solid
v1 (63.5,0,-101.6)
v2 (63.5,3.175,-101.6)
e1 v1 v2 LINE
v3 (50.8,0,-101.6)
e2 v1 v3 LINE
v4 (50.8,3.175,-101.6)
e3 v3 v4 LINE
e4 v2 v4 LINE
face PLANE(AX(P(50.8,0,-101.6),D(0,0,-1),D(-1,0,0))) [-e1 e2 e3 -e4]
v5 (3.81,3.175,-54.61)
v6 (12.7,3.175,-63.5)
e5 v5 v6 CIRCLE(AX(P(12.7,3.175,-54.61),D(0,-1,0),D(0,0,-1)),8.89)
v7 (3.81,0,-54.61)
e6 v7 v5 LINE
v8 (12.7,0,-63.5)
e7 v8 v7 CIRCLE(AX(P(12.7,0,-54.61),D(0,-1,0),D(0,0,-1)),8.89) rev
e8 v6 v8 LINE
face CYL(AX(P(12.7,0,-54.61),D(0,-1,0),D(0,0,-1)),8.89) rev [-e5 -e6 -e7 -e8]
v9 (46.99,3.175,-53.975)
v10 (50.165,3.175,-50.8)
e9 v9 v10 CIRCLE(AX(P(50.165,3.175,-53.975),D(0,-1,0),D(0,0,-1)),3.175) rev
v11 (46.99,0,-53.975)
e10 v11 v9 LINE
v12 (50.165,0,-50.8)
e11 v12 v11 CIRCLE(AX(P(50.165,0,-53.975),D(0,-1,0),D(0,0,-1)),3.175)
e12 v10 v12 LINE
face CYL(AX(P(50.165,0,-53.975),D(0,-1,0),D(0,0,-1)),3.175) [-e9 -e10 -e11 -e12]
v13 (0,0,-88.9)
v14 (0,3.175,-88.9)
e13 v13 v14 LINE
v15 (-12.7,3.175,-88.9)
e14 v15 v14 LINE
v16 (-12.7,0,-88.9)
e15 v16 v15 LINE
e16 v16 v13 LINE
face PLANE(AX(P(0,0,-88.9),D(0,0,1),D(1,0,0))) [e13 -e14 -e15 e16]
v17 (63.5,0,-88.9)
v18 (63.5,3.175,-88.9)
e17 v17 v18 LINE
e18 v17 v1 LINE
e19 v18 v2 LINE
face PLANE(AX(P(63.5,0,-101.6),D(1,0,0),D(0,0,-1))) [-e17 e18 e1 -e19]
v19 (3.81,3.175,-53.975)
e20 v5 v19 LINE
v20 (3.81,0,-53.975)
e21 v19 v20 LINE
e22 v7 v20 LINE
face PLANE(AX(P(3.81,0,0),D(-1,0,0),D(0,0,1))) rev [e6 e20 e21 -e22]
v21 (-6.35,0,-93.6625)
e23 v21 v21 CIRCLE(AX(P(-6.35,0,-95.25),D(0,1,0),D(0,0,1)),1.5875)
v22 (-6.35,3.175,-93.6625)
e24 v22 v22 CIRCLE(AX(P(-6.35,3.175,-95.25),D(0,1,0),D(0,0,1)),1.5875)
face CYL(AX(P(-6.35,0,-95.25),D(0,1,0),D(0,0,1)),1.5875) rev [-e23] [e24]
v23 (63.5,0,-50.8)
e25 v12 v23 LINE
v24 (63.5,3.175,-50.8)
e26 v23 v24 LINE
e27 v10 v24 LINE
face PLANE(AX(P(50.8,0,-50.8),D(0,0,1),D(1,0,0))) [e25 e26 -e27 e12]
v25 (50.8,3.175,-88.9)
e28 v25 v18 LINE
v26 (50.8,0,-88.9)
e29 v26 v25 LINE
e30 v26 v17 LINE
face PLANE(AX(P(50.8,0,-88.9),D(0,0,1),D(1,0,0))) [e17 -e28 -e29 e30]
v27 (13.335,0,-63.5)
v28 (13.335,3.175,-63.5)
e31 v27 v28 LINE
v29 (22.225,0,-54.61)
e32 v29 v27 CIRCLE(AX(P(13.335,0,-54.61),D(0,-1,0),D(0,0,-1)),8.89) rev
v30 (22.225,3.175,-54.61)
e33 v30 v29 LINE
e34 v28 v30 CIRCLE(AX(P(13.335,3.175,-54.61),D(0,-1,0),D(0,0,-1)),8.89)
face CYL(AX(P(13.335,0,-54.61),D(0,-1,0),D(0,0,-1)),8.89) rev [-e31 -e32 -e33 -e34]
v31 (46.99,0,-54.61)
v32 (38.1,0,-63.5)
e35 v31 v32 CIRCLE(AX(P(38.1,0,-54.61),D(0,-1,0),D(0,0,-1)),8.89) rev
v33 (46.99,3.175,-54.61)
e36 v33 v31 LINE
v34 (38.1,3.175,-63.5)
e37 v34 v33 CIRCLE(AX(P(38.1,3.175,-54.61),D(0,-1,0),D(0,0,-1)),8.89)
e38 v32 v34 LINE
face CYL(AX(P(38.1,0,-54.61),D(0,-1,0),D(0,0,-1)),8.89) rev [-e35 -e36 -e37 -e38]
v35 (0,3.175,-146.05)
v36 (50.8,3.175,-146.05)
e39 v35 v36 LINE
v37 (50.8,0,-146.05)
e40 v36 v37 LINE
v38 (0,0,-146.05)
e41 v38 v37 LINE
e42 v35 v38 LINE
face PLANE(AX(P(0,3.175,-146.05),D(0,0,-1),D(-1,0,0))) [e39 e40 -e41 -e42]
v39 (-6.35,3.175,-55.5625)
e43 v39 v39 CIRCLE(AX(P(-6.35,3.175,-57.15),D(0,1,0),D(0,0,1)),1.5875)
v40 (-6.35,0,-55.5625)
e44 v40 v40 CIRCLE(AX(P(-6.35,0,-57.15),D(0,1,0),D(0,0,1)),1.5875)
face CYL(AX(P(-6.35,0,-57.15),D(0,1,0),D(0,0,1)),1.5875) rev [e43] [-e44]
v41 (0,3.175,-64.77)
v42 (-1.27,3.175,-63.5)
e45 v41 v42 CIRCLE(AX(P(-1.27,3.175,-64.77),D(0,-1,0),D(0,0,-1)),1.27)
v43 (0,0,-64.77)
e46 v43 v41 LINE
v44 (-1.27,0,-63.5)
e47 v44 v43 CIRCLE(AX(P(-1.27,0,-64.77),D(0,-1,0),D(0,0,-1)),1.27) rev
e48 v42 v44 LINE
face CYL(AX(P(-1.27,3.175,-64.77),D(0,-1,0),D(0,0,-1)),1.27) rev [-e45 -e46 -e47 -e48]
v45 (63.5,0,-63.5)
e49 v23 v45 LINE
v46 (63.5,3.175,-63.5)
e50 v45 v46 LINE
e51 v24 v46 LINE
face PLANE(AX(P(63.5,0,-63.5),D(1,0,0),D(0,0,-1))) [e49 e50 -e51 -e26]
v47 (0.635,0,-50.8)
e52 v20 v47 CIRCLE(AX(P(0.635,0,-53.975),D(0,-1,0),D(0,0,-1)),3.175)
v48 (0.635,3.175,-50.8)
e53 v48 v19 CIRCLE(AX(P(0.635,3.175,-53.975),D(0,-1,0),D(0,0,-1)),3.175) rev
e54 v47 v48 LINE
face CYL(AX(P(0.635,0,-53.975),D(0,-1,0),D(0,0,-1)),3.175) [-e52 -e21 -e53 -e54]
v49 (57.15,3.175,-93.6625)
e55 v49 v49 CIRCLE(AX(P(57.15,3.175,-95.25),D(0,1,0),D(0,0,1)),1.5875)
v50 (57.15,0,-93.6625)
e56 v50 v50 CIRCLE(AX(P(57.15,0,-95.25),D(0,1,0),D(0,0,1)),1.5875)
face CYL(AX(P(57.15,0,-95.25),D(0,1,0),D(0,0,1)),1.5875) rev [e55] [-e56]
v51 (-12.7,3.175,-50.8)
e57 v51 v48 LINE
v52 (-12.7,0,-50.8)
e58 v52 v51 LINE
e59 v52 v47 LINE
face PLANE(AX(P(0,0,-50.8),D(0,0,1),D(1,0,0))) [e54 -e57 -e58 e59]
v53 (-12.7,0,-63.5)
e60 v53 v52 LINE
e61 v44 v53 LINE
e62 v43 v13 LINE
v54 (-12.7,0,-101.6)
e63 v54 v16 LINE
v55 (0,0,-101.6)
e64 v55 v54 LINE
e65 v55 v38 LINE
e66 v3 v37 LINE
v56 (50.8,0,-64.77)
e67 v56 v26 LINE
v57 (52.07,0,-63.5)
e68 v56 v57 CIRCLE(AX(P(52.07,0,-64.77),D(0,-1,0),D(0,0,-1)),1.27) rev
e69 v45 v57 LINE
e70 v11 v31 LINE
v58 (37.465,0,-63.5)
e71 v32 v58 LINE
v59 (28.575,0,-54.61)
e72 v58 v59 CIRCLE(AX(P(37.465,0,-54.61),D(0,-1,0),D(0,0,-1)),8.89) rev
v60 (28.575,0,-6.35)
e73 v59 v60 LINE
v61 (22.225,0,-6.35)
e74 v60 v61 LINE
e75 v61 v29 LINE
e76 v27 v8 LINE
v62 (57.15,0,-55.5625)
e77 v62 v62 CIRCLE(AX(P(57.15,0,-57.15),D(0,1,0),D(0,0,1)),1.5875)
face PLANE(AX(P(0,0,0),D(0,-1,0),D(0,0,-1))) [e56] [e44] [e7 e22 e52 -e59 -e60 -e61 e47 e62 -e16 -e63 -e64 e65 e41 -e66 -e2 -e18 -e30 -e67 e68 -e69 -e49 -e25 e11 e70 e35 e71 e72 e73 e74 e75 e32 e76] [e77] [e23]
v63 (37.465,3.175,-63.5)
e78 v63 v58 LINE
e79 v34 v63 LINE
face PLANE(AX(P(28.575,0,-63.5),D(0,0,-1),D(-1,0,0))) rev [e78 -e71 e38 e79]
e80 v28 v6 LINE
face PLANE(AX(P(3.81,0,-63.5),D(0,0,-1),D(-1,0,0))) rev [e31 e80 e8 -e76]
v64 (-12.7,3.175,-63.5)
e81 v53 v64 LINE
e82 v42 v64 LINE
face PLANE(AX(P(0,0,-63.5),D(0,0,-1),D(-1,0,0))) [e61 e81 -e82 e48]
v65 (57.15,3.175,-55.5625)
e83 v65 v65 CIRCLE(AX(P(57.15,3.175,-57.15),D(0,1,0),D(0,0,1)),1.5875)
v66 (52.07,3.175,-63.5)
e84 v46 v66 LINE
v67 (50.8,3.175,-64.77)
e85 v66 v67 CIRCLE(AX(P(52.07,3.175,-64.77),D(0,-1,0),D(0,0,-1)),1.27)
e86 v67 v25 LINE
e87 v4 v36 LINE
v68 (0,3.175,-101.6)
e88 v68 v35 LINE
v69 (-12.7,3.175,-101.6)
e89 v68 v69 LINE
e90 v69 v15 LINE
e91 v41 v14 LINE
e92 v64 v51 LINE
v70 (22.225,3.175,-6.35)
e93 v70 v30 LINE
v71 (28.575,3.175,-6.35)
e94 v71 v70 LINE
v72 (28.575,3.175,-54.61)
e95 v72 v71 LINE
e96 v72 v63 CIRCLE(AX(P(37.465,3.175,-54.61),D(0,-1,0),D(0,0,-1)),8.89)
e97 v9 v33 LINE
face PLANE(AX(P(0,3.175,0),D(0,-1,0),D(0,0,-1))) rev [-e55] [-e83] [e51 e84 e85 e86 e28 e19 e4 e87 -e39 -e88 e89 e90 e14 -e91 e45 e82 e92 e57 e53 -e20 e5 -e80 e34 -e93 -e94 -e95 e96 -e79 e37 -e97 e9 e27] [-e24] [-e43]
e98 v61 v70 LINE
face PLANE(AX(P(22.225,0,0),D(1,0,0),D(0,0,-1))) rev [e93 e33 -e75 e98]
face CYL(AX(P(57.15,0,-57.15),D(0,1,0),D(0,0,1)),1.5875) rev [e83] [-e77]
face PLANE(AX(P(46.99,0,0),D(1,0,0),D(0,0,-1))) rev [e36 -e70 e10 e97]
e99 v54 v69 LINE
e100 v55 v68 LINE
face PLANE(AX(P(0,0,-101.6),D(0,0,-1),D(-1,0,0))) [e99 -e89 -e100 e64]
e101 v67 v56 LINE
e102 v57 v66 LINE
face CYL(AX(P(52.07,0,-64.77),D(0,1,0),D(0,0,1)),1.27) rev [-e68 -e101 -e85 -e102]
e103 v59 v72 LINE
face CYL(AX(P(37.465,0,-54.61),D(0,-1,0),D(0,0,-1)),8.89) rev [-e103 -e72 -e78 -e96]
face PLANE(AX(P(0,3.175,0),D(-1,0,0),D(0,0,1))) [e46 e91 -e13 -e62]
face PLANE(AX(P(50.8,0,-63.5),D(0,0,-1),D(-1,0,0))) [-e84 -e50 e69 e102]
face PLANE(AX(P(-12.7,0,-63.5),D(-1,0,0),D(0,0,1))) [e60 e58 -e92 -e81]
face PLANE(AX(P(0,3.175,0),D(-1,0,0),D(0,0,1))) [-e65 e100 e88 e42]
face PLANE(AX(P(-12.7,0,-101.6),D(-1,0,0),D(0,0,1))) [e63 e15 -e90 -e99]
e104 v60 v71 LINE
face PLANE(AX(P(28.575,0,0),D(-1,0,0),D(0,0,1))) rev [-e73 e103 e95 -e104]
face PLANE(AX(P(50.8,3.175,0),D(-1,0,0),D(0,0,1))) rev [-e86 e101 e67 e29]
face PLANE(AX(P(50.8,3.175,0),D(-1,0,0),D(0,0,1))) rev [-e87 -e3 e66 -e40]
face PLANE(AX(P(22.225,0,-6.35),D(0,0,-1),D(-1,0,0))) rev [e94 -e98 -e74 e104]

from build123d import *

# Parameters (mm, degrees)
SKETCH1_W           = 50.8
SKETCH1_H           = 76.2
BOSS_EXTRUDE1_DEPTH = 3.175
SKETCH2_W           = 18.415
SKETCH2_H           = 63.5
CUT_EXTRUDE1_DEPTH  = 3.175
SKETCH3_W           = 12.7
SKETCH3_H           = 12.7
SKETCH3_R           = 1.5875
BOSS_EXTRUDE2_DEPTH = 3.175
SKETCH7_W           = 50.8
SKETCH7_H           = 12.7
BOSS_EXTRUDE3_DEPTH = 3.175
SKETCH8_W           = 50.8
SKETCH8_H           = 57.15
BOSS_EXTRUDE4_DEPTH = 3.175
LPATTERN1_COUNT     = 2
LPATTERN1_PITCH     = 38.1
FILLET1_R           = 8.89
SKETCH9_W           = 6.35
SKETCH9_H           = 6.35
CUT_EXTRUDE2_DEPTH  = 3.175
SKETCH10_W          = 3.81
SKETCH10_H          = 50.8
CUT_EXTRUDE3_DEPTH  = 3.175
FILLET2_R           = 3.175
FILLET3_R           = 1.27


with BuildPart() as part:
    # Sketch1 → Boss-Extrude1 (new body)
    with BuildSketch(Plane(origin=(0, 0, 0), x_dir=(1, 0, 0), z_dir=(0, 1, 0))):
        with Locations((25.4, 38.1)):
            Rectangle(SKETCH1_W, SKETCH1_H)
    extrude(amount=BOSS_EXTRUDE1_DEPTH)

    # Sketch2 → Cut-Extrude1 (cut)
    with BuildSketch(Plane(origin=(0, 3.175, 0), x_dir=(1, 0, 0), z_dir=(0, 1, 0))):
        with Locations((13.0175, 31.75)):
            Rectangle(SKETCH2_W, SKETCH2_H)
        with Locations((37.7825, 31.75)):
            Rectangle(SKETCH2_W, SKETCH2_H)
    extrude(amount=-CUT_EXTRUDE1_DEPTH, mode=Mode.SUBTRACT)

    # Sketch3 → Boss-Extrude2 (add)
    with BuildSketch(Plane(origin=(0, 3.175, 0), x_dir=(1, 0, 0), z_dir=(0, 1, 0))):
        with Locations((-6.35, 57.15)):
            Rectangle(SKETCH3_W, SKETCH3_H)
        with Locations((-6.35, 57.15)):
            Circle(SKETCH3_R, mode=Mode.SUBTRACT)
        with Locations((57.15, 57.15)):
            Rectangle(SKETCH3_W, SKETCH3_H)
        with Locations((57.15, 57.15)):
            Circle(SKETCH3_R, mode=Mode.SUBTRACT)
    boss_extrude2 = extrude(amount=-BOSS_EXTRUDE2_DEPTH)

    # Sketch7 → Boss-Extrude3 (add)
    with BuildSketch(Plane(origin=(0, 3.175, 0), x_dir=(1, 0, 0), z_dir=(0, 1, 0))):
        with Locations((25.4, 82.55)):
            Rectangle(SKETCH7_W, SKETCH7_H)
    extrude(amount=-BOSS_EXTRUDE3_DEPTH)

    # Sketch8 → Boss-Extrude4 (add)
    with BuildSketch(Plane.XZ):
        with Locations((25.4, -117.475)):
            Rectangle(SKETCH8_W, SKETCH8_H)
    extrude(amount=-BOSS_EXTRUDE4_DEPTH)

    # LPattern1: Boss-Extrude2 ×2
    with Locations(*[(0, 0, -i * LPATTERN1_PITCH) for i in range(1, LPATTERN1_COUNT)]):
        add(boss_extrude2)

    # Fillet1
    fillet1_edges = [part.edges().sort_by_distance(p)[0] for p in [
        (3.81, 1.5875, -63.5),
        (22.225, 1.5875, -63.5),
        (28.575, 1.5875, -63.5),
        (46.99, 1.5875, -63.5),
    ]]
    fillet(fillet1_edges, radius=FILLET1_R)

    # Sketch9 → Cut-Extrude2 (cut)
    with BuildSketch(Plane(origin=(0, 3.175, 0), x_dir=(1, 0, 0), z_dir=(0, 1, 0))):
        with Locations((25.4, 3.175)):
            Rectangle(SKETCH9_W, SKETCH9_H)
    extrude(amount=-CUT_EXTRUDE2_DEPTH, mode=Mode.SUBTRACT)

    # Sketch10 → Cut-Extrude3 (cut)
    with BuildSketch(Plane(origin=(0, 3.175, 0), x_dir=(1, 0, 0), z_dir=(0, 1, 0))):
        with Locations((1.905, 25.4)):
            Rectangle(SKETCH10_W, SKETCH10_H)
        with Locations((48.895, 25.4)):
            Rectangle(SKETCH10_W, SKETCH10_H)
    extrude(amount=-CUT_EXTRUDE3_DEPTH, mode=Mode.SUBTRACT)

    # Fillet2
    fillet2_edges = [part.edges().sort_by_distance(p)[0] for p in [
        (3.81, 1.5875, -50.8),
        (46.99, 1.5875, -50.8),
    ]]
    fillet(fillet2_edges, radius=FILLET2_R)

    # Fillet3
    fillet3_edges = [part.edges().sort_by_distance(p)[0] for p in [
        (0, 1.5875, -63.5),
        (50.8, 1.5875, -63.5),
    ]]
    fillet(fillet3_edges, radius=FILLET3_R)


solid = part.part
